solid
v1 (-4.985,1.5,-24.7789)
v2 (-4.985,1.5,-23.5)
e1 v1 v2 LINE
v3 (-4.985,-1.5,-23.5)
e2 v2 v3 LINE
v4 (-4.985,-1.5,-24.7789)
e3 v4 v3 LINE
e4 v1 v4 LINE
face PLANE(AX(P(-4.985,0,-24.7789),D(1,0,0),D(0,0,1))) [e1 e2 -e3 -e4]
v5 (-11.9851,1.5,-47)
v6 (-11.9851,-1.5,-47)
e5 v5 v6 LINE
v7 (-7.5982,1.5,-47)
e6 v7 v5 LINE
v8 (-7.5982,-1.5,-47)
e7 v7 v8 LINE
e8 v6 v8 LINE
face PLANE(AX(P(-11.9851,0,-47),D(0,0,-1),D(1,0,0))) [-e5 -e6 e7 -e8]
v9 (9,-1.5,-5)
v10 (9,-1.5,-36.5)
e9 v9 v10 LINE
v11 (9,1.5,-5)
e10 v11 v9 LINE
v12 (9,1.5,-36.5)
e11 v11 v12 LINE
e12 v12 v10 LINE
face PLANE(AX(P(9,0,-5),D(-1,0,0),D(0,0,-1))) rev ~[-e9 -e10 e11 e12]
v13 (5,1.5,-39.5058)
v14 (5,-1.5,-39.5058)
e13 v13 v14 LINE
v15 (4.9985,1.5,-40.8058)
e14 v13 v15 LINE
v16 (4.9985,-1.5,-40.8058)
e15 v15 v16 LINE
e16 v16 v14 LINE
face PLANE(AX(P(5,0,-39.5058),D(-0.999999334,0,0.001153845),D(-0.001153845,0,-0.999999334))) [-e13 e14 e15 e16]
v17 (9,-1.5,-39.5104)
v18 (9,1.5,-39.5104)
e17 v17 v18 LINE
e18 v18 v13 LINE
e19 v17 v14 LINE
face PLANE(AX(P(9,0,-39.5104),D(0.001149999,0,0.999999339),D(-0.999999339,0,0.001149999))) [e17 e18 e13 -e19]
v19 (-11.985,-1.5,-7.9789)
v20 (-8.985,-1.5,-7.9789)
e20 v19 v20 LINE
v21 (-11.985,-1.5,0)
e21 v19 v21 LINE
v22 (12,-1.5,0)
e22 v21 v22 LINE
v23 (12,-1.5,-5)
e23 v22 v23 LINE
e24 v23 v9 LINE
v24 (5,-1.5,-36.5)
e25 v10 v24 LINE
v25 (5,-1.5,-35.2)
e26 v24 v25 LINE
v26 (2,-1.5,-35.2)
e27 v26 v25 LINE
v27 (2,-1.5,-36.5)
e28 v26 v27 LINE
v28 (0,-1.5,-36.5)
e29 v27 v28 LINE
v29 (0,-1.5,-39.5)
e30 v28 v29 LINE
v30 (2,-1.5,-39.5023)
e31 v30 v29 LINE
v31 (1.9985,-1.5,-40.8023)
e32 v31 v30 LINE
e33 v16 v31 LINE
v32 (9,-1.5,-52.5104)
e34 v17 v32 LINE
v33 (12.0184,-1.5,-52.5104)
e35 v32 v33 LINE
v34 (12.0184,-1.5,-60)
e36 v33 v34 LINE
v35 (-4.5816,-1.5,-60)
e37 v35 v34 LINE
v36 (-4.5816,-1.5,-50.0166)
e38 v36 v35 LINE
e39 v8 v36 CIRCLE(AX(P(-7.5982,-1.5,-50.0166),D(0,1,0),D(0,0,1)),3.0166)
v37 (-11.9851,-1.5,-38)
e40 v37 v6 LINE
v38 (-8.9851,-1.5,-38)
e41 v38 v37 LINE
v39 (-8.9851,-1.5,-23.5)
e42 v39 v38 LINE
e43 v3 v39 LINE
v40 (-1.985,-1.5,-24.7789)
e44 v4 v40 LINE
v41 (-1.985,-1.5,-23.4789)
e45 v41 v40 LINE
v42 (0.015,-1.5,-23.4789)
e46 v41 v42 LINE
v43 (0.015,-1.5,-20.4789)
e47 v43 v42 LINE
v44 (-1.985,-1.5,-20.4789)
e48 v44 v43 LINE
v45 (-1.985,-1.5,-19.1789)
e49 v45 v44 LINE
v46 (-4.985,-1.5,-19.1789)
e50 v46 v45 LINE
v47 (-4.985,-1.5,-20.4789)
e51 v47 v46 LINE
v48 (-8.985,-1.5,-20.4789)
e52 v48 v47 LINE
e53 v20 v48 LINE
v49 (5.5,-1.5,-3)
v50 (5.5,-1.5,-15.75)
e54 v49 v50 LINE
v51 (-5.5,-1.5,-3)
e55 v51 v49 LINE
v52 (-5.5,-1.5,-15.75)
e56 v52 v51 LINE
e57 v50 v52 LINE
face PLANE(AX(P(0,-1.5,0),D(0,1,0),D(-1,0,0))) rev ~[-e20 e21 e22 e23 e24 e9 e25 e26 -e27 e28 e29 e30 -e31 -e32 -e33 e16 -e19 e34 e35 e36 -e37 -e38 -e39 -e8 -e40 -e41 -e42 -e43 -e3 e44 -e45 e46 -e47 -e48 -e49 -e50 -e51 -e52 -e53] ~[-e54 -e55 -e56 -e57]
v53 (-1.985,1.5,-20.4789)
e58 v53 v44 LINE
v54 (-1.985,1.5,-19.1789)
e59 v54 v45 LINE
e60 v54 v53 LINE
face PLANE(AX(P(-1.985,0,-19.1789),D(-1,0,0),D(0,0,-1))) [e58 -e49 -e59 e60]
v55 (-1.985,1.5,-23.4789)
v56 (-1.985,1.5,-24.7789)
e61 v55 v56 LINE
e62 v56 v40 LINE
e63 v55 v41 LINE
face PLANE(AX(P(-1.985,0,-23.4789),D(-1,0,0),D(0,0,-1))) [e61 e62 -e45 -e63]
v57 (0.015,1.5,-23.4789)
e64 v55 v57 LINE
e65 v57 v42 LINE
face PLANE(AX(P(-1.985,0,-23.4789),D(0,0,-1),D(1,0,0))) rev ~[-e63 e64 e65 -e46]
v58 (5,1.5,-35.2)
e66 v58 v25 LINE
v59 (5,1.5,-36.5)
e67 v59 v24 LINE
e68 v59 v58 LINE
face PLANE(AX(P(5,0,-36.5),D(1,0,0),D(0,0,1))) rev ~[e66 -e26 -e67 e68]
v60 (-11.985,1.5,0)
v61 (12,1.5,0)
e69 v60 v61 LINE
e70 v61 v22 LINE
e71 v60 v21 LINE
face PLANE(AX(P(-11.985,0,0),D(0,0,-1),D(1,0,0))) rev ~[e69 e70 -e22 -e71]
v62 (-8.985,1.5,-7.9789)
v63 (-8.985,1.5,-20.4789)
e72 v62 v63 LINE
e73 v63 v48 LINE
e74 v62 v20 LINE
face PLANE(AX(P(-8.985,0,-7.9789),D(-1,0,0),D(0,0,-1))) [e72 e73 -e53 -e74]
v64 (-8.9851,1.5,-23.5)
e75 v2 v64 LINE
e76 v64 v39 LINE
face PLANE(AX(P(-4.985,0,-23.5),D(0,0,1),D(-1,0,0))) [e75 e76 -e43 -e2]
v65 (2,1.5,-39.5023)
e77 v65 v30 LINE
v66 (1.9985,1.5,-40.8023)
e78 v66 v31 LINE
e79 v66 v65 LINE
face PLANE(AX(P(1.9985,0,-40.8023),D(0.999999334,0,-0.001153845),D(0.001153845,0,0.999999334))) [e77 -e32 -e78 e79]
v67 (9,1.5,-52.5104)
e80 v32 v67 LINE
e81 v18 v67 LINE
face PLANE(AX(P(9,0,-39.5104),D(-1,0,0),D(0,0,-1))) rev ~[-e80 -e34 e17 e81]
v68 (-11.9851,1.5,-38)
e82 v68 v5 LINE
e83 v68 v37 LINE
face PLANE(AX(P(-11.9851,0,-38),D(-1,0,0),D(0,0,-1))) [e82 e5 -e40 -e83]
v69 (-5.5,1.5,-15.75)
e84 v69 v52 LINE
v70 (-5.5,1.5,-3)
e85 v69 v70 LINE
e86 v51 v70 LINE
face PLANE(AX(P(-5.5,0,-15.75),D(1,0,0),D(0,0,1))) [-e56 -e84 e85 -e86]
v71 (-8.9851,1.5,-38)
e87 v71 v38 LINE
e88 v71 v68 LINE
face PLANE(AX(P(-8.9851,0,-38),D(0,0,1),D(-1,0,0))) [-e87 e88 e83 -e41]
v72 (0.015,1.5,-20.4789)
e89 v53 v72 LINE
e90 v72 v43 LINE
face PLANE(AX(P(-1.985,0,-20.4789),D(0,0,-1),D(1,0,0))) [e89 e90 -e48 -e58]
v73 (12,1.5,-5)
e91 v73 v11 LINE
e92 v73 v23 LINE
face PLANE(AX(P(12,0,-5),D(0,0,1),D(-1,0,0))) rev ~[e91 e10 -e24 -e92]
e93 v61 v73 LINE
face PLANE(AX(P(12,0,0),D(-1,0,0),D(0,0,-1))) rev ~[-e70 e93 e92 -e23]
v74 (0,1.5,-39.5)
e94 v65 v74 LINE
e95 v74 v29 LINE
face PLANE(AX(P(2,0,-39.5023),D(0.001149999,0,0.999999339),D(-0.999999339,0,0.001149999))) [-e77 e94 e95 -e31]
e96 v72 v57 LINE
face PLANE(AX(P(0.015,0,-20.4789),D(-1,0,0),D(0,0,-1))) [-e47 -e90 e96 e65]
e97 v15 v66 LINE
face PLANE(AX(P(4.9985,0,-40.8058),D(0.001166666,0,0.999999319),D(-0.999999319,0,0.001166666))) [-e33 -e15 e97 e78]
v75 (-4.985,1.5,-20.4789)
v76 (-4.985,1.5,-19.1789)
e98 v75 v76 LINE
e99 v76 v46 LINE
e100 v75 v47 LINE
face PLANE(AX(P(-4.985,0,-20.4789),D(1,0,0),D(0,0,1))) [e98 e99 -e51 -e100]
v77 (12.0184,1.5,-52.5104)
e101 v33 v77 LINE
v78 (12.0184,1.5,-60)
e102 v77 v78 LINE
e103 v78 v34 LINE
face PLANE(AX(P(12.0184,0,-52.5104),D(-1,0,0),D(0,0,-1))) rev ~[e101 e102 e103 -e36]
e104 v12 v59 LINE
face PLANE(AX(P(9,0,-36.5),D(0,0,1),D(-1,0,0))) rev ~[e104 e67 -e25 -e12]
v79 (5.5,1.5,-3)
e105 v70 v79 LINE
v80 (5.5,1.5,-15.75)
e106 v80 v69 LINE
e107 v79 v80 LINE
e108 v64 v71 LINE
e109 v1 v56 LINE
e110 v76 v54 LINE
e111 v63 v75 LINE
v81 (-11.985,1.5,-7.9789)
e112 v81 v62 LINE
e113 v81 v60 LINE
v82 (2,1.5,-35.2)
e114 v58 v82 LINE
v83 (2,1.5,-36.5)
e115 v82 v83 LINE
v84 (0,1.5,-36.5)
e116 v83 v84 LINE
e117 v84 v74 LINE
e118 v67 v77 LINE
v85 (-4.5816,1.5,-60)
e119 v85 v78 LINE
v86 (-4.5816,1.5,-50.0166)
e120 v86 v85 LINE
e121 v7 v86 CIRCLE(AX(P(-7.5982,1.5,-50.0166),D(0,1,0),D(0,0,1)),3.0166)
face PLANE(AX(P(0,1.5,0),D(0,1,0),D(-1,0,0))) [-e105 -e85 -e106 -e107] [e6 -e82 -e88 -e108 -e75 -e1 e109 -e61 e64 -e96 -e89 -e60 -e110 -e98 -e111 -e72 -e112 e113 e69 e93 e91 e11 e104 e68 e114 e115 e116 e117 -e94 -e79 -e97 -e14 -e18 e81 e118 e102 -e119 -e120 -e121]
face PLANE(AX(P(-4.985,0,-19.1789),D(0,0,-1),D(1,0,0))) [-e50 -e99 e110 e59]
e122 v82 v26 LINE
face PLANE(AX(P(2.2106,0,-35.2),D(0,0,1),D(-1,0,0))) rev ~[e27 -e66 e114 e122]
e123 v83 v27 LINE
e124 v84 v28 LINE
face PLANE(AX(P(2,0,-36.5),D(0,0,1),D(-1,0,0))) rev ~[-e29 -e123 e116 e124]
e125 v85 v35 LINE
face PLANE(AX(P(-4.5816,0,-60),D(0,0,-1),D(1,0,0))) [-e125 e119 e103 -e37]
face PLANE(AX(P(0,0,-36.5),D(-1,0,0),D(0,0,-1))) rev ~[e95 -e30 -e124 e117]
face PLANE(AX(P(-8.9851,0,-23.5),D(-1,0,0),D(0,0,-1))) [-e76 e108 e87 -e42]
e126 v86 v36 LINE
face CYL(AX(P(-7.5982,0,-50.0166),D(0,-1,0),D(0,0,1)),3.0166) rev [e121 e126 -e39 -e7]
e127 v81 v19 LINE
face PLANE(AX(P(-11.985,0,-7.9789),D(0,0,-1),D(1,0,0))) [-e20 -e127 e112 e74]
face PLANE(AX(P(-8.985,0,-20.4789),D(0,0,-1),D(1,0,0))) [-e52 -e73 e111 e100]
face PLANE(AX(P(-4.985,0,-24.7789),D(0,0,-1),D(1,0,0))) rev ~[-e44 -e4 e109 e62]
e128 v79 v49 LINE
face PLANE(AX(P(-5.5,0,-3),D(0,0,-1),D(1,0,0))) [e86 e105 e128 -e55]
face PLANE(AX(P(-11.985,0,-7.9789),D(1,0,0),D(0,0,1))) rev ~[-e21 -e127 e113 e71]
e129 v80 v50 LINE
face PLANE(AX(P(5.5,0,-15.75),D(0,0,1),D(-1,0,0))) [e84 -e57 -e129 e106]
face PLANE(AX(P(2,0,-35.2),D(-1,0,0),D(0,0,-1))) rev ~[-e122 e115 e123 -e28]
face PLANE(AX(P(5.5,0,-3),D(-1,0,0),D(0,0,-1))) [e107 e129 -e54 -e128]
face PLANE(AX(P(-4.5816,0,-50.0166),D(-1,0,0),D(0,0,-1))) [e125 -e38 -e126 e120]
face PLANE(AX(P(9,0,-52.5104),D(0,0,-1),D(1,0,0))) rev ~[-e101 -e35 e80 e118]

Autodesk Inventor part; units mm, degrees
ref_plane "YZ Plane" through (0, 0, 0) normal (1, 0, 0) x (0, 1, 0)
ref_plane "XZ Plane" through (0, 0, 0) normal (0, 1, 0) x (-1, 0, 0)
ref_plane "XY Plane" through (0, 0, 0) normal (0, 0, 1) x (1, 0, 0)
sketch "草圖1" plane through (0, 0, 0) normal (0, 1, 0) x (-1, 0, 0)
  line L0 (5.5, -3) -> (-5.5, -3)
  line L1 (-5.5, -3) -> (-5.5, -15.75)
  line L2 (-5.5, -15.75) -> (5.5, -15.75)
  line L3 (5.5, -15.75) -> (5.5, -3)
  line L4 (-9, -39.5104) -> (-5, -39.5058)
  line L5 (-5, -39.5058) -> (-4.9985, -40.8058)
  line L6 (-4.9985, -40.8058) -> (-1.9985, -40.8023)
  line L7 (-1.9985, -40.8023) -> (-2, -39.5023)
  line L8 (-2, -39.5023) -> (0, -39.5)
  line L9 (-5, -35.2) -> (-2, -35.2)
  line L10 (-5, -36.5) -> (-5, -35.2)
  line L11 (-2, -35.2) -> (-2, -36.5)
  line L12 (-2, -36.5) -> (0, -36.5)
  line L13 (-9, -36.5) -> (-5, -36.5)
  line L14 (-12, 0) -> (-12, -5)
  line L15 (-12, -5) -> (-9, -5)
  line L16 (-9, -5) -> (-9, -36.5)
  line L17 (-12, 0) -> (-12, -5)
  line L18 (11.9851, -47) -> (8.9851, -47)
  line L19 (7.5982, -47) -> (9.4378, -47)
  arc A0 (7.5982, -47) -> (4.5816, -50.0166) centre (7.5982, -50.0166) ccw
  line L20 (0, -36.5) -> (0, -39.5)
  line L21 (-12, 0) -> (-12, -5)
  line L22 (-12, -5) -> (-9, -5)
  line L23 (-9, -5) -> (-9, -36.5)
  line L24 (-9, -36.5) -> (-5, -36.5)
  line L25 (-5, -36.5) -> (-5, -35.2)
  line L26 (-5, -35.2) -> (-2.2106, -35.2)
  line L27 (-5, -35.2) -> (-2, -35.2)
  line L28 (-2, -35.2) -> (-2, -36.5)
  line L29 (-2, -36.5) -> (0, -36.5)
  line L30 (0, -36.5) -> (0, -39.5)
  line L31 (0, -39.5) -> (-2, -39.5023)
  line L32 (-2, -39.5023) -> (-1.9985, -40.8023)
  line L33 (-1.9985, -40.8023) -> (-4.9985, -40.8058)
  line L34 (-4.9985, -40.8023) -> (-5, -39.5058)
  line L35 (-5, -39.5058) -> (-9, -39.5104)
  line L36 (-9, -39.5104) -> (-9, -52.5104)
  line L37 (-9, -52.5104) -> (-12.0184, -52.5104)
  line L38 (11.9851, -47) -> (7.5982, -47)
  line L39 (11.985, -7.9789) -> (11.985, 0)
  line L40 (11.985, 0) -> (-12, 0)
  line L41 (11.985, -7.9789) -> (8.985, -7.9789)
  line L42 (8.985, -7.9789) -> (8.985, -20.4789)
  line L43 (8.9851, -38) -> (11.9851, -38)
  line L44 (8.985, -20.4789) -> (4.985, -20.4789)
  line L45 (4.985, -20.4789) -> (4.985, -19.1789)
  line L46 (4.985, -19.1789) -> (1.985, -19.1789)
  line L47 (1.985, -19.1789) -> (1.985, -20.4789)
  line L48 (1.985, -20.4789) -> (-0.015, -20.4789)
  line L49 (-0.015, -20.4789) -> (-0.015, -23.4789)
  line L50 (1.985, -23.4789) -> (-0.015, -23.4789)
  line L51 (1.985, -23.4789) -> (1.985, -24.7789)
  line L52 (4.985, -24.7789) -> (1.985, -24.7789)
  line L53 (4.985, -24.7789) -> (4.985, -23.4789)
  line L54 (4.985, -23.5) -> (8.9851, -23.5)
  line L55 (8.9851, -23.5) -> (8.9851, -38)
  line L56 (11.9851, -38) -> (11.9851, -47)
  line L57 (4.5816, -50.0166) -> (4.5816, -60)
  line L58 (4.5816, -60) -> (-12.0184, -60)
  line L59 (-12.0184, -52.5104) -> (-12.0184, -60)
  point P0 (0, 0)
  dimension "d2" = 11
  dimension "d3" = 12.75
  dimension "d7" = 3
  dimension "d10" = 4
  dimension "d12" = 3
  dimension "d17" = 4
  dimension "d18" = 1.3
  dimension "d19" = 3
  dimension "d20" = 1.3
  dimension "d21" = 2
  dimension "d22" = 5
  dimension "d23" = 3
  dimension "d25" = 31.5
  dimension "d26" = 13
  dimension "d27" = 14.5
  dimension "d29" = 16.6
  dimension "d30" = 2
extrude "擠出1" add sketch "草圖1" along normal mid plane 3
properties part number "板子10"
